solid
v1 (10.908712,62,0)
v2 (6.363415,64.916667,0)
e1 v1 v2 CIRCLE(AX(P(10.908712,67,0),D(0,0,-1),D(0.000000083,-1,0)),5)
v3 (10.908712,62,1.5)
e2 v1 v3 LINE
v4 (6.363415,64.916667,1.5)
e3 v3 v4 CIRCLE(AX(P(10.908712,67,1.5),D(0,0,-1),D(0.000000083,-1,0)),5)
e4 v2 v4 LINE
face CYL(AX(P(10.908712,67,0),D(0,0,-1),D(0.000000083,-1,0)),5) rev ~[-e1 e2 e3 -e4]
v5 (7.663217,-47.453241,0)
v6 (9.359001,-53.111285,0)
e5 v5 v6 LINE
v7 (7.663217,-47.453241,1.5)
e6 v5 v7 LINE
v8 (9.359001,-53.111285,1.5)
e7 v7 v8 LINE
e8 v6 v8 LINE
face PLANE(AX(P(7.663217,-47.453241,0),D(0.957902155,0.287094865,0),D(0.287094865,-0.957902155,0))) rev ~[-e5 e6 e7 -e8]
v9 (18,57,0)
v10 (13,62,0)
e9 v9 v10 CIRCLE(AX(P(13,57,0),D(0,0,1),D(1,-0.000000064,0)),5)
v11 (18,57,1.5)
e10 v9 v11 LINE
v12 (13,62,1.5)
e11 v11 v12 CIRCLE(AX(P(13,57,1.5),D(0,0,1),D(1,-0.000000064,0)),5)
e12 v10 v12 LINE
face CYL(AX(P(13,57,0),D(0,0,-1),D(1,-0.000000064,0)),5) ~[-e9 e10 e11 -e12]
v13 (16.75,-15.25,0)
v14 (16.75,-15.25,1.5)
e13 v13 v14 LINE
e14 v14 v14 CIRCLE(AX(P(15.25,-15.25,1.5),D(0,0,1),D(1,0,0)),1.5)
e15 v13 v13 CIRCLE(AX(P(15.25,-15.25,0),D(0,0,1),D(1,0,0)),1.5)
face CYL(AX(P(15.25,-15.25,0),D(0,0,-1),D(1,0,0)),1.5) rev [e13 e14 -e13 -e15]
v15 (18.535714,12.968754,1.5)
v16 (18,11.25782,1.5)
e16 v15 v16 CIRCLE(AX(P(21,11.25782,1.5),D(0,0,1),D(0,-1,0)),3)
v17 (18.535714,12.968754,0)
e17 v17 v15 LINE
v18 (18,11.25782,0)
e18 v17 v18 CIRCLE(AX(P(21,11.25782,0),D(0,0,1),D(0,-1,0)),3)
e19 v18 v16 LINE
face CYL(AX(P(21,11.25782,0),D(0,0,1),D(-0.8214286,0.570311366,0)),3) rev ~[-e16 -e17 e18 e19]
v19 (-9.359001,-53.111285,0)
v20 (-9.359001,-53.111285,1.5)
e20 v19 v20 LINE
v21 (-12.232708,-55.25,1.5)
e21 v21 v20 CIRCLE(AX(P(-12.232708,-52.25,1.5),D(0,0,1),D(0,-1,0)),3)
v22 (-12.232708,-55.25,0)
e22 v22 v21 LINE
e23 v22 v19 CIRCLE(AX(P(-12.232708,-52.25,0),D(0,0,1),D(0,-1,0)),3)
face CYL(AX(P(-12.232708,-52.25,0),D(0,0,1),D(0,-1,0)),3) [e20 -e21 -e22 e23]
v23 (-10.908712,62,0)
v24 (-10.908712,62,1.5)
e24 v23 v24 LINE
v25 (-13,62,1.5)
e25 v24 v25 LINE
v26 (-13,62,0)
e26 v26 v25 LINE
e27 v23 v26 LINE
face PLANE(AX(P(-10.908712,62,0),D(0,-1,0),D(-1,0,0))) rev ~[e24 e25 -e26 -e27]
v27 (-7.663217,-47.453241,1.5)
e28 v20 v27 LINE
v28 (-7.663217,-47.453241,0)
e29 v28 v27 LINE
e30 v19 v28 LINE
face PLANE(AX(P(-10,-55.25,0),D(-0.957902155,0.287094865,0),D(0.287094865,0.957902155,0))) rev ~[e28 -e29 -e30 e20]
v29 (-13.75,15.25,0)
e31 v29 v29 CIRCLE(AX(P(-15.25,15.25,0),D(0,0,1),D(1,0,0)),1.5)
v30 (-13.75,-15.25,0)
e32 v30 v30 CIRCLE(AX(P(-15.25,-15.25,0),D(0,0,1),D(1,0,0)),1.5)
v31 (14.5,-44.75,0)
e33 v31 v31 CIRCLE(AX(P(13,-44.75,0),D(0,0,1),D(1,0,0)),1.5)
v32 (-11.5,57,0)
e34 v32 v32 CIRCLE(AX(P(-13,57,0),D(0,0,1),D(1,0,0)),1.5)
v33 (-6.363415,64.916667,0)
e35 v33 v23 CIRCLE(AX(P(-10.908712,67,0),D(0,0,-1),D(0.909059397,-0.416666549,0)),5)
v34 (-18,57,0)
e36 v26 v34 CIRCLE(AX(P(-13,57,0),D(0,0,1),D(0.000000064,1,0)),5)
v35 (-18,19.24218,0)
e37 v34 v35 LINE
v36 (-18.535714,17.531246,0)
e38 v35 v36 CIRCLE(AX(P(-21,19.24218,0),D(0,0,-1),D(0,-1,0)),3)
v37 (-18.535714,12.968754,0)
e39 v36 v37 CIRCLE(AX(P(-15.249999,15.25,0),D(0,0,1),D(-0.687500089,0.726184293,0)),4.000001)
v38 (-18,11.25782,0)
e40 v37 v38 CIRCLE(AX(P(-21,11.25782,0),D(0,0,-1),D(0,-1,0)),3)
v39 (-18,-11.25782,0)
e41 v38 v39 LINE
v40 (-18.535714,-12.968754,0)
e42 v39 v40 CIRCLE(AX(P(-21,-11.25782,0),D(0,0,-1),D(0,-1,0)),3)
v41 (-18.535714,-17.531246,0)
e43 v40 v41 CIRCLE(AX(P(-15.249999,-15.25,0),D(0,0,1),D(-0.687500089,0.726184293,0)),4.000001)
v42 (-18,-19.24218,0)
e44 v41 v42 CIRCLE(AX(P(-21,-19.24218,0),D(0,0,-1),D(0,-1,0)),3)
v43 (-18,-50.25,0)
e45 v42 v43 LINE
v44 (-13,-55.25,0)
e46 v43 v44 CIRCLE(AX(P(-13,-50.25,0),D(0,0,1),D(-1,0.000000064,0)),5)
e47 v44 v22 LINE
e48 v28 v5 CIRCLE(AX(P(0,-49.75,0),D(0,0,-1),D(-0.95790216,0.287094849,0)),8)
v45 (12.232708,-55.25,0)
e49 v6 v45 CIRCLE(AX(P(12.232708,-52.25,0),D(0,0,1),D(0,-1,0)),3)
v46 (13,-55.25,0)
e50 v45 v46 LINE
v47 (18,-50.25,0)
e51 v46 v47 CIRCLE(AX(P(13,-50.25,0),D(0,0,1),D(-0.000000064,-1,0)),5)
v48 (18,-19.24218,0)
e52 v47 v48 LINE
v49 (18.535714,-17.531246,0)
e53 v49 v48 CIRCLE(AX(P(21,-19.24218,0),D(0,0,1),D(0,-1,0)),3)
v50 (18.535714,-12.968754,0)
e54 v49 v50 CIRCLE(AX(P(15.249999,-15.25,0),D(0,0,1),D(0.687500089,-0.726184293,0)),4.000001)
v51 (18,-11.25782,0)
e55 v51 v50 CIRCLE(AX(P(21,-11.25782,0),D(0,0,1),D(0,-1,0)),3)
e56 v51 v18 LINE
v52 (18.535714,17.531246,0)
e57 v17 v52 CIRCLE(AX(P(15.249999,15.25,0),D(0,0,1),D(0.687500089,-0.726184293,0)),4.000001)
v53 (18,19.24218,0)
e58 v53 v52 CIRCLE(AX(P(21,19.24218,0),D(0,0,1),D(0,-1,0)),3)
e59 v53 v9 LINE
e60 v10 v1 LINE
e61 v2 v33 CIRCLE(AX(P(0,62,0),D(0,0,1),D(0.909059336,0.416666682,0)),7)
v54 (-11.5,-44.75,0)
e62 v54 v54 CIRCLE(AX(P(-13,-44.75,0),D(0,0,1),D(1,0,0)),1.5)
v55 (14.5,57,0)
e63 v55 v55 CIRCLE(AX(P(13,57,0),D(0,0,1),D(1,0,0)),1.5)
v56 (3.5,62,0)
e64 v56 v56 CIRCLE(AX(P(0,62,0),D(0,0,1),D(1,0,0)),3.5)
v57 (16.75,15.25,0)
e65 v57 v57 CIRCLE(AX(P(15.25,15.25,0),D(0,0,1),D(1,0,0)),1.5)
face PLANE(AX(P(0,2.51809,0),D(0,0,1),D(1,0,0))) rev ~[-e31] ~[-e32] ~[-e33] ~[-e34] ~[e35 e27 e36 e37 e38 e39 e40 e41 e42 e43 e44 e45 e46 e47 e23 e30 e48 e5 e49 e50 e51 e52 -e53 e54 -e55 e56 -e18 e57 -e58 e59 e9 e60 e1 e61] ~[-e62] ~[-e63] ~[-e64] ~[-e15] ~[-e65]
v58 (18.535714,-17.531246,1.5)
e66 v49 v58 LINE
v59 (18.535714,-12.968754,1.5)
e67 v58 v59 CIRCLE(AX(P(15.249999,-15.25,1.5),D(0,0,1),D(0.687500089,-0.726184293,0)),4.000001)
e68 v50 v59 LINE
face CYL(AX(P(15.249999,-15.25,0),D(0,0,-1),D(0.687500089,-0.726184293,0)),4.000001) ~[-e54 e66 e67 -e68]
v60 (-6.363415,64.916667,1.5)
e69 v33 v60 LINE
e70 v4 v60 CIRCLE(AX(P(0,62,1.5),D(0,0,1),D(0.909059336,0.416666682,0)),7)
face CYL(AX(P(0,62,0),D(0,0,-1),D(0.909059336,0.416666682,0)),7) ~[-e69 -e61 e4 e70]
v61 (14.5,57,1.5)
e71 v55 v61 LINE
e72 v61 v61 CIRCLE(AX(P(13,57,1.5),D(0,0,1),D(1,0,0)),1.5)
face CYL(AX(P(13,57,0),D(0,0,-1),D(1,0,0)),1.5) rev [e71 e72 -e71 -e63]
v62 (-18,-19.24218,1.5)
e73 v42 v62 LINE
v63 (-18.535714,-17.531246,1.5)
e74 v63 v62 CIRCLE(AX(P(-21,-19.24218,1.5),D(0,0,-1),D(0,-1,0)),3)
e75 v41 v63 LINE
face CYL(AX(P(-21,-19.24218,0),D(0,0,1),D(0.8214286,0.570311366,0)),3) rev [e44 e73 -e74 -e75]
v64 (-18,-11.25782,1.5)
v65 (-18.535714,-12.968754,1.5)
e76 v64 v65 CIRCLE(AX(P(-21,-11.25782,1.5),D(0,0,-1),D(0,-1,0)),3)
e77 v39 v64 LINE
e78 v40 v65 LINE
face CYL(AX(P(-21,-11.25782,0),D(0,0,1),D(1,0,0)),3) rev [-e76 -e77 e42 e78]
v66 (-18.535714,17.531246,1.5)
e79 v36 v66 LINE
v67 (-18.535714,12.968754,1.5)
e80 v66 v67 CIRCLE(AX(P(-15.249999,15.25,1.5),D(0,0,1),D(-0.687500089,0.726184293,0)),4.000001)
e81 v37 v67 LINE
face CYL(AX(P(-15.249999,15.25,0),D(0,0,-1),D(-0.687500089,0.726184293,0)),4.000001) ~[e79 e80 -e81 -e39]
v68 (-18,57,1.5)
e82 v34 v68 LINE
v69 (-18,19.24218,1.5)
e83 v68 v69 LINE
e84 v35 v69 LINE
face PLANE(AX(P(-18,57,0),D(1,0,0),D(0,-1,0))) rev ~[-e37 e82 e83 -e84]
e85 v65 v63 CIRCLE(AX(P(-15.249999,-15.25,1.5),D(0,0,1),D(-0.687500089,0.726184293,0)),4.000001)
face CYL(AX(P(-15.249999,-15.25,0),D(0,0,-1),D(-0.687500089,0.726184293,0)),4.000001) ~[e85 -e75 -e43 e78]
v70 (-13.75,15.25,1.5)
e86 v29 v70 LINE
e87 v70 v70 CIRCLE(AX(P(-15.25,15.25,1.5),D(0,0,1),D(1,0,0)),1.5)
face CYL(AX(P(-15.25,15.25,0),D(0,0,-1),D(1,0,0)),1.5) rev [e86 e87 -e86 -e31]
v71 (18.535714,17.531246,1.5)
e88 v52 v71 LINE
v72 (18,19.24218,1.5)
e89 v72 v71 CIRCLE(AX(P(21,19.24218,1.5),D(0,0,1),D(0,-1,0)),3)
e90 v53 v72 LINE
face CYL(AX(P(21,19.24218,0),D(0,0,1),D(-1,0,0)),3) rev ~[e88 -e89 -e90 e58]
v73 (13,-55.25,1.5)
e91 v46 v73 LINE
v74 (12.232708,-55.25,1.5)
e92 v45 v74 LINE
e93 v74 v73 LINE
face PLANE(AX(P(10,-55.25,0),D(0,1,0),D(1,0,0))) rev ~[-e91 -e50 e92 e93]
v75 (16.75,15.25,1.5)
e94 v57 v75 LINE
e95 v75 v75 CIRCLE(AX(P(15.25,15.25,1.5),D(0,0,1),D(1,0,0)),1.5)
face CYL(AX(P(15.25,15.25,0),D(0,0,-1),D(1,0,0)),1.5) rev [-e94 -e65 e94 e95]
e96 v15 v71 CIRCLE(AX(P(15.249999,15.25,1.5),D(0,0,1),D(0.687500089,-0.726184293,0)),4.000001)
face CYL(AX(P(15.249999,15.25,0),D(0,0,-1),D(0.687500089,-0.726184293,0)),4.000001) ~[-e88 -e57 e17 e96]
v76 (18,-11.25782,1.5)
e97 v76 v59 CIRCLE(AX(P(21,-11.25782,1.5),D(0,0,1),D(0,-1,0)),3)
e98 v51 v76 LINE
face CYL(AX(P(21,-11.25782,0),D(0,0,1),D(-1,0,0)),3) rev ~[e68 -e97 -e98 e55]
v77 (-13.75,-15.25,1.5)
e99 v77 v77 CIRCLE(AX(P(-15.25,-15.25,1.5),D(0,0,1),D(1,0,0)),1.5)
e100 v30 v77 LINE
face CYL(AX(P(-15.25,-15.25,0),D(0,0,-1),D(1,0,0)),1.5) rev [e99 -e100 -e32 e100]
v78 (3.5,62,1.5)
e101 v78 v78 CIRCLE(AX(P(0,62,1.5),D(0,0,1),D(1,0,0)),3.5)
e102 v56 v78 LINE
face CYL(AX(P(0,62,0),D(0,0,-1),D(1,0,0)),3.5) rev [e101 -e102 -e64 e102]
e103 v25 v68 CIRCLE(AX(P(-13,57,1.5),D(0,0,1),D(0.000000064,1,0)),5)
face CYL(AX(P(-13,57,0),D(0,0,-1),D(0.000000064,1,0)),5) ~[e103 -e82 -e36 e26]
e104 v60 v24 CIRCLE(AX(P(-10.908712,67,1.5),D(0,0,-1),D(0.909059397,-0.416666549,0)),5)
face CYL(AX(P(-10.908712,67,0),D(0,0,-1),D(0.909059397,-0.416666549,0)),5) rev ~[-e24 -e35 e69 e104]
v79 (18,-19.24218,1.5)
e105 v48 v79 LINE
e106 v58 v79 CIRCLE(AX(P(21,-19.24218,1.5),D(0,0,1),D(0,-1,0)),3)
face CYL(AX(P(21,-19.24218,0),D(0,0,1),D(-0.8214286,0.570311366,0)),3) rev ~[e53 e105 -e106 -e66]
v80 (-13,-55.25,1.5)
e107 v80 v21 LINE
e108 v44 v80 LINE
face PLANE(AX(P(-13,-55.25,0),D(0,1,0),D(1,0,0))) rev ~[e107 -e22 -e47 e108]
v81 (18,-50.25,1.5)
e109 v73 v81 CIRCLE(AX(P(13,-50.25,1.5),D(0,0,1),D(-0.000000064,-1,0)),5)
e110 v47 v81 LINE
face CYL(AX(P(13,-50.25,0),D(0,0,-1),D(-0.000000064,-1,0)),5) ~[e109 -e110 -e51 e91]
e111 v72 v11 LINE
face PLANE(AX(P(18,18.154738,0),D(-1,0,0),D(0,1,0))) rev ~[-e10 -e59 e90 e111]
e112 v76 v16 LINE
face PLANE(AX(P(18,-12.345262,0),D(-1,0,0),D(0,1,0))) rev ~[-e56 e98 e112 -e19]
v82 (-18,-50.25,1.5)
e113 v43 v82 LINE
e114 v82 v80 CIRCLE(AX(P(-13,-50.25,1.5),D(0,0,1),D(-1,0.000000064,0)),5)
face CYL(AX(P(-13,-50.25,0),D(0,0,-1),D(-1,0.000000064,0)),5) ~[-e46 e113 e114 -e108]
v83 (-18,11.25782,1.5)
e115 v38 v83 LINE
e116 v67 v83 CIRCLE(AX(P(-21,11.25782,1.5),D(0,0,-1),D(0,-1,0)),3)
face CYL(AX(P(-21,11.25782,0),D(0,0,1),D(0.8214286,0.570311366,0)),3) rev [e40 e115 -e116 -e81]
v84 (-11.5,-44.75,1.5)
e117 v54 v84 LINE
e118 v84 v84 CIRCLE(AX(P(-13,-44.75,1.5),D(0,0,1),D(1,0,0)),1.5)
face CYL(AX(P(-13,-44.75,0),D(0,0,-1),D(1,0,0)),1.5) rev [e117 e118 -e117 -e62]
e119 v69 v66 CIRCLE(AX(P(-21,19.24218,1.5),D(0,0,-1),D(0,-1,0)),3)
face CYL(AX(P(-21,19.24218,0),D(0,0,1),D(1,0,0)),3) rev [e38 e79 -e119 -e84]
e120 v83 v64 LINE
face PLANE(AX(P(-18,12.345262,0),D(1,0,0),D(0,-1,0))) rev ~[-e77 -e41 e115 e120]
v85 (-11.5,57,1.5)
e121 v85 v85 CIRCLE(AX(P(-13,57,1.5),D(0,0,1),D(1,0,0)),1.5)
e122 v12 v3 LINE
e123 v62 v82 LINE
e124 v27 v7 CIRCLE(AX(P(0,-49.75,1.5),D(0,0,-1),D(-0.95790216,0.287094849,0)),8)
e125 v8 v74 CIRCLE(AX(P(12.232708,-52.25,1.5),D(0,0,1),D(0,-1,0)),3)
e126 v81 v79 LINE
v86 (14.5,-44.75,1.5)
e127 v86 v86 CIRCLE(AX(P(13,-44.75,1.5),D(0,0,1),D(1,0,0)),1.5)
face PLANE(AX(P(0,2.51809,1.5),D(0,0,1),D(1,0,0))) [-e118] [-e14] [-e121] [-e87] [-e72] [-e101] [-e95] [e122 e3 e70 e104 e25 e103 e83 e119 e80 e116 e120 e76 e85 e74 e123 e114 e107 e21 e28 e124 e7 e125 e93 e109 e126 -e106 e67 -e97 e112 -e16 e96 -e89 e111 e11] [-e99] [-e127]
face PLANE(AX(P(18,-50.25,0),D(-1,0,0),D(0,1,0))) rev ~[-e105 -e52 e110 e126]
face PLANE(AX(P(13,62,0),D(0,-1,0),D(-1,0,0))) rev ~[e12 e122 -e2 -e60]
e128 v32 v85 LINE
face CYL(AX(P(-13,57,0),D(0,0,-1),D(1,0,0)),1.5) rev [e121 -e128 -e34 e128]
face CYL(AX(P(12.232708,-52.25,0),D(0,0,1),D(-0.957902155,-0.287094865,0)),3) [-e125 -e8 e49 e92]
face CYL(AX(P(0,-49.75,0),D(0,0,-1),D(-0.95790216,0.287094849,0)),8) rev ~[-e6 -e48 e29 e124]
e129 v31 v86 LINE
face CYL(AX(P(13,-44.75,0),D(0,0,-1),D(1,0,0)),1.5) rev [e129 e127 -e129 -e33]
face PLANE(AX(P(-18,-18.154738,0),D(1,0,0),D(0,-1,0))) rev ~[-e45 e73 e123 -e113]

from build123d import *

# Parameters (mm, degrees)
F0_R     = 1.5
F0_R_2   = 3.5
F1_DEPTH = 1.5
F2_R     = 3


with BuildPart() as f1:
    # F0 (on Top) → F1 (new body)
    with BuildSketch(Plane.XY):
        with BuildLine():
            ThreePointArc((-13, 62), (-16.535534, 60.535534), (-18, 57))
            Line((-18, 57), (-18, 18.154738))
            ThreePointArc((-18, 18.154738), (-19.25, 15.25), (-18, 12.345262))
            Line((-18, 12.345262), (-18, -12.345262))
            ThreePointArc((-18, -12.345262), (-19.25, -15.25), (-18, -18.154738))
            Line((-18, -18.154738), (-18, -50.25))
            ThreePointArc((-18, -50.25), (-16.535534, -53.785534), (-13, -55.25))
            Line((-13, -55.25), (-10, -55.25))
            Line((-10, -55.25), (-7.663217, -47.453241))
            ThreePointArc((-7.663217, -47.453241), (0, -41.75), (7.663217, -47.453241))
            Line((7.663217, -47.453241), (10, -55.25))
            Line((10, -55.25), (13, -55.25))
            ThreePointArc((13, -55.25), (16.535534, -53.785534), (18, -50.25))
            Line((18, -50.25), (18, -18.154738))
            ThreePointArc((18, -18.154738), (19.25, -15.25), (18, -12.345262))
            Line((18, -12.345262), (18, 12.345262))
            ThreePointArc((18, 12.345262), (19.25, 15.25), (18, 18.154738))
            Line((18, 18.154738), (18, 57))
            ThreePointArc((18, 57), (16.535534, 60.535534), (13, 62))
            Line((13, 62), (10.908712, 62))
            ThreePointArc((10.908712, 62), (8.208403, 62.791873), (6.363415, 64.916667))
            ThreePointArc((6.363415, 64.916667), (0, 69), (-6.363415, 64.916667))
            ThreePointArc((-6.363415, 64.916667), (-8.208403, 62.791873), (-10.908712, 62))
            Line((-10.908712, 62), (-13, 62))
        make_face()
        with Locations((-13, -44.75)):
            Circle(F0_R, mode=Mode.SUBTRACT)
        with Locations((-15.25, -15.25)):
            Circle(F0_R, mode=Mode.SUBTRACT)
        with Locations((13, -44.75)):
            Circle(F0_R, mode=Mode.SUBTRACT)
        with Locations((15.25, -15.25)):
            Circle(F0_R, mode=Mode.SUBTRACT)
        with Locations((-15.25, 15.25)):
            Circle(F0_R, mode=Mode.SUBTRACT)
        with Locations((-13, 57)):
            Circle(F0_R, mode=Mode.SUBTRACT)
        with Locations((15.25, 15.25)):
            Circle(F0_R, mode=Mode.SUBTRACT)
        with Locations((0, 62)):
            Circle(F0_R_2, mode=Mode.SUBTRACT)
        with Locations((13, 57)):
            Circle(F0_R, mode=Mode.SUBTRACT)
    extrude(amount=F1_DEPTH)

    # F2
    f2_edges = [f1.edges().sort_by_distance(p)[0] for p in [
        (-18, 12.345262, 0.75),
        (-18, 18.154738, 0.75),
        (-18, -12.345262, 0.75),
        (-18, -18.154738, 0.75),
        (18, -18.154738, 0.75),
        (18, -12.345262, 0.75),
        (18, 12.345262, 0.75),
        (18, 18.154738, 0.75),
        (-10, -55.25, 0.75),
        (10, -55.25, 0.75),
    ]]
    fillet(f2_edges, radius=F2_R)


solid = f1.part
